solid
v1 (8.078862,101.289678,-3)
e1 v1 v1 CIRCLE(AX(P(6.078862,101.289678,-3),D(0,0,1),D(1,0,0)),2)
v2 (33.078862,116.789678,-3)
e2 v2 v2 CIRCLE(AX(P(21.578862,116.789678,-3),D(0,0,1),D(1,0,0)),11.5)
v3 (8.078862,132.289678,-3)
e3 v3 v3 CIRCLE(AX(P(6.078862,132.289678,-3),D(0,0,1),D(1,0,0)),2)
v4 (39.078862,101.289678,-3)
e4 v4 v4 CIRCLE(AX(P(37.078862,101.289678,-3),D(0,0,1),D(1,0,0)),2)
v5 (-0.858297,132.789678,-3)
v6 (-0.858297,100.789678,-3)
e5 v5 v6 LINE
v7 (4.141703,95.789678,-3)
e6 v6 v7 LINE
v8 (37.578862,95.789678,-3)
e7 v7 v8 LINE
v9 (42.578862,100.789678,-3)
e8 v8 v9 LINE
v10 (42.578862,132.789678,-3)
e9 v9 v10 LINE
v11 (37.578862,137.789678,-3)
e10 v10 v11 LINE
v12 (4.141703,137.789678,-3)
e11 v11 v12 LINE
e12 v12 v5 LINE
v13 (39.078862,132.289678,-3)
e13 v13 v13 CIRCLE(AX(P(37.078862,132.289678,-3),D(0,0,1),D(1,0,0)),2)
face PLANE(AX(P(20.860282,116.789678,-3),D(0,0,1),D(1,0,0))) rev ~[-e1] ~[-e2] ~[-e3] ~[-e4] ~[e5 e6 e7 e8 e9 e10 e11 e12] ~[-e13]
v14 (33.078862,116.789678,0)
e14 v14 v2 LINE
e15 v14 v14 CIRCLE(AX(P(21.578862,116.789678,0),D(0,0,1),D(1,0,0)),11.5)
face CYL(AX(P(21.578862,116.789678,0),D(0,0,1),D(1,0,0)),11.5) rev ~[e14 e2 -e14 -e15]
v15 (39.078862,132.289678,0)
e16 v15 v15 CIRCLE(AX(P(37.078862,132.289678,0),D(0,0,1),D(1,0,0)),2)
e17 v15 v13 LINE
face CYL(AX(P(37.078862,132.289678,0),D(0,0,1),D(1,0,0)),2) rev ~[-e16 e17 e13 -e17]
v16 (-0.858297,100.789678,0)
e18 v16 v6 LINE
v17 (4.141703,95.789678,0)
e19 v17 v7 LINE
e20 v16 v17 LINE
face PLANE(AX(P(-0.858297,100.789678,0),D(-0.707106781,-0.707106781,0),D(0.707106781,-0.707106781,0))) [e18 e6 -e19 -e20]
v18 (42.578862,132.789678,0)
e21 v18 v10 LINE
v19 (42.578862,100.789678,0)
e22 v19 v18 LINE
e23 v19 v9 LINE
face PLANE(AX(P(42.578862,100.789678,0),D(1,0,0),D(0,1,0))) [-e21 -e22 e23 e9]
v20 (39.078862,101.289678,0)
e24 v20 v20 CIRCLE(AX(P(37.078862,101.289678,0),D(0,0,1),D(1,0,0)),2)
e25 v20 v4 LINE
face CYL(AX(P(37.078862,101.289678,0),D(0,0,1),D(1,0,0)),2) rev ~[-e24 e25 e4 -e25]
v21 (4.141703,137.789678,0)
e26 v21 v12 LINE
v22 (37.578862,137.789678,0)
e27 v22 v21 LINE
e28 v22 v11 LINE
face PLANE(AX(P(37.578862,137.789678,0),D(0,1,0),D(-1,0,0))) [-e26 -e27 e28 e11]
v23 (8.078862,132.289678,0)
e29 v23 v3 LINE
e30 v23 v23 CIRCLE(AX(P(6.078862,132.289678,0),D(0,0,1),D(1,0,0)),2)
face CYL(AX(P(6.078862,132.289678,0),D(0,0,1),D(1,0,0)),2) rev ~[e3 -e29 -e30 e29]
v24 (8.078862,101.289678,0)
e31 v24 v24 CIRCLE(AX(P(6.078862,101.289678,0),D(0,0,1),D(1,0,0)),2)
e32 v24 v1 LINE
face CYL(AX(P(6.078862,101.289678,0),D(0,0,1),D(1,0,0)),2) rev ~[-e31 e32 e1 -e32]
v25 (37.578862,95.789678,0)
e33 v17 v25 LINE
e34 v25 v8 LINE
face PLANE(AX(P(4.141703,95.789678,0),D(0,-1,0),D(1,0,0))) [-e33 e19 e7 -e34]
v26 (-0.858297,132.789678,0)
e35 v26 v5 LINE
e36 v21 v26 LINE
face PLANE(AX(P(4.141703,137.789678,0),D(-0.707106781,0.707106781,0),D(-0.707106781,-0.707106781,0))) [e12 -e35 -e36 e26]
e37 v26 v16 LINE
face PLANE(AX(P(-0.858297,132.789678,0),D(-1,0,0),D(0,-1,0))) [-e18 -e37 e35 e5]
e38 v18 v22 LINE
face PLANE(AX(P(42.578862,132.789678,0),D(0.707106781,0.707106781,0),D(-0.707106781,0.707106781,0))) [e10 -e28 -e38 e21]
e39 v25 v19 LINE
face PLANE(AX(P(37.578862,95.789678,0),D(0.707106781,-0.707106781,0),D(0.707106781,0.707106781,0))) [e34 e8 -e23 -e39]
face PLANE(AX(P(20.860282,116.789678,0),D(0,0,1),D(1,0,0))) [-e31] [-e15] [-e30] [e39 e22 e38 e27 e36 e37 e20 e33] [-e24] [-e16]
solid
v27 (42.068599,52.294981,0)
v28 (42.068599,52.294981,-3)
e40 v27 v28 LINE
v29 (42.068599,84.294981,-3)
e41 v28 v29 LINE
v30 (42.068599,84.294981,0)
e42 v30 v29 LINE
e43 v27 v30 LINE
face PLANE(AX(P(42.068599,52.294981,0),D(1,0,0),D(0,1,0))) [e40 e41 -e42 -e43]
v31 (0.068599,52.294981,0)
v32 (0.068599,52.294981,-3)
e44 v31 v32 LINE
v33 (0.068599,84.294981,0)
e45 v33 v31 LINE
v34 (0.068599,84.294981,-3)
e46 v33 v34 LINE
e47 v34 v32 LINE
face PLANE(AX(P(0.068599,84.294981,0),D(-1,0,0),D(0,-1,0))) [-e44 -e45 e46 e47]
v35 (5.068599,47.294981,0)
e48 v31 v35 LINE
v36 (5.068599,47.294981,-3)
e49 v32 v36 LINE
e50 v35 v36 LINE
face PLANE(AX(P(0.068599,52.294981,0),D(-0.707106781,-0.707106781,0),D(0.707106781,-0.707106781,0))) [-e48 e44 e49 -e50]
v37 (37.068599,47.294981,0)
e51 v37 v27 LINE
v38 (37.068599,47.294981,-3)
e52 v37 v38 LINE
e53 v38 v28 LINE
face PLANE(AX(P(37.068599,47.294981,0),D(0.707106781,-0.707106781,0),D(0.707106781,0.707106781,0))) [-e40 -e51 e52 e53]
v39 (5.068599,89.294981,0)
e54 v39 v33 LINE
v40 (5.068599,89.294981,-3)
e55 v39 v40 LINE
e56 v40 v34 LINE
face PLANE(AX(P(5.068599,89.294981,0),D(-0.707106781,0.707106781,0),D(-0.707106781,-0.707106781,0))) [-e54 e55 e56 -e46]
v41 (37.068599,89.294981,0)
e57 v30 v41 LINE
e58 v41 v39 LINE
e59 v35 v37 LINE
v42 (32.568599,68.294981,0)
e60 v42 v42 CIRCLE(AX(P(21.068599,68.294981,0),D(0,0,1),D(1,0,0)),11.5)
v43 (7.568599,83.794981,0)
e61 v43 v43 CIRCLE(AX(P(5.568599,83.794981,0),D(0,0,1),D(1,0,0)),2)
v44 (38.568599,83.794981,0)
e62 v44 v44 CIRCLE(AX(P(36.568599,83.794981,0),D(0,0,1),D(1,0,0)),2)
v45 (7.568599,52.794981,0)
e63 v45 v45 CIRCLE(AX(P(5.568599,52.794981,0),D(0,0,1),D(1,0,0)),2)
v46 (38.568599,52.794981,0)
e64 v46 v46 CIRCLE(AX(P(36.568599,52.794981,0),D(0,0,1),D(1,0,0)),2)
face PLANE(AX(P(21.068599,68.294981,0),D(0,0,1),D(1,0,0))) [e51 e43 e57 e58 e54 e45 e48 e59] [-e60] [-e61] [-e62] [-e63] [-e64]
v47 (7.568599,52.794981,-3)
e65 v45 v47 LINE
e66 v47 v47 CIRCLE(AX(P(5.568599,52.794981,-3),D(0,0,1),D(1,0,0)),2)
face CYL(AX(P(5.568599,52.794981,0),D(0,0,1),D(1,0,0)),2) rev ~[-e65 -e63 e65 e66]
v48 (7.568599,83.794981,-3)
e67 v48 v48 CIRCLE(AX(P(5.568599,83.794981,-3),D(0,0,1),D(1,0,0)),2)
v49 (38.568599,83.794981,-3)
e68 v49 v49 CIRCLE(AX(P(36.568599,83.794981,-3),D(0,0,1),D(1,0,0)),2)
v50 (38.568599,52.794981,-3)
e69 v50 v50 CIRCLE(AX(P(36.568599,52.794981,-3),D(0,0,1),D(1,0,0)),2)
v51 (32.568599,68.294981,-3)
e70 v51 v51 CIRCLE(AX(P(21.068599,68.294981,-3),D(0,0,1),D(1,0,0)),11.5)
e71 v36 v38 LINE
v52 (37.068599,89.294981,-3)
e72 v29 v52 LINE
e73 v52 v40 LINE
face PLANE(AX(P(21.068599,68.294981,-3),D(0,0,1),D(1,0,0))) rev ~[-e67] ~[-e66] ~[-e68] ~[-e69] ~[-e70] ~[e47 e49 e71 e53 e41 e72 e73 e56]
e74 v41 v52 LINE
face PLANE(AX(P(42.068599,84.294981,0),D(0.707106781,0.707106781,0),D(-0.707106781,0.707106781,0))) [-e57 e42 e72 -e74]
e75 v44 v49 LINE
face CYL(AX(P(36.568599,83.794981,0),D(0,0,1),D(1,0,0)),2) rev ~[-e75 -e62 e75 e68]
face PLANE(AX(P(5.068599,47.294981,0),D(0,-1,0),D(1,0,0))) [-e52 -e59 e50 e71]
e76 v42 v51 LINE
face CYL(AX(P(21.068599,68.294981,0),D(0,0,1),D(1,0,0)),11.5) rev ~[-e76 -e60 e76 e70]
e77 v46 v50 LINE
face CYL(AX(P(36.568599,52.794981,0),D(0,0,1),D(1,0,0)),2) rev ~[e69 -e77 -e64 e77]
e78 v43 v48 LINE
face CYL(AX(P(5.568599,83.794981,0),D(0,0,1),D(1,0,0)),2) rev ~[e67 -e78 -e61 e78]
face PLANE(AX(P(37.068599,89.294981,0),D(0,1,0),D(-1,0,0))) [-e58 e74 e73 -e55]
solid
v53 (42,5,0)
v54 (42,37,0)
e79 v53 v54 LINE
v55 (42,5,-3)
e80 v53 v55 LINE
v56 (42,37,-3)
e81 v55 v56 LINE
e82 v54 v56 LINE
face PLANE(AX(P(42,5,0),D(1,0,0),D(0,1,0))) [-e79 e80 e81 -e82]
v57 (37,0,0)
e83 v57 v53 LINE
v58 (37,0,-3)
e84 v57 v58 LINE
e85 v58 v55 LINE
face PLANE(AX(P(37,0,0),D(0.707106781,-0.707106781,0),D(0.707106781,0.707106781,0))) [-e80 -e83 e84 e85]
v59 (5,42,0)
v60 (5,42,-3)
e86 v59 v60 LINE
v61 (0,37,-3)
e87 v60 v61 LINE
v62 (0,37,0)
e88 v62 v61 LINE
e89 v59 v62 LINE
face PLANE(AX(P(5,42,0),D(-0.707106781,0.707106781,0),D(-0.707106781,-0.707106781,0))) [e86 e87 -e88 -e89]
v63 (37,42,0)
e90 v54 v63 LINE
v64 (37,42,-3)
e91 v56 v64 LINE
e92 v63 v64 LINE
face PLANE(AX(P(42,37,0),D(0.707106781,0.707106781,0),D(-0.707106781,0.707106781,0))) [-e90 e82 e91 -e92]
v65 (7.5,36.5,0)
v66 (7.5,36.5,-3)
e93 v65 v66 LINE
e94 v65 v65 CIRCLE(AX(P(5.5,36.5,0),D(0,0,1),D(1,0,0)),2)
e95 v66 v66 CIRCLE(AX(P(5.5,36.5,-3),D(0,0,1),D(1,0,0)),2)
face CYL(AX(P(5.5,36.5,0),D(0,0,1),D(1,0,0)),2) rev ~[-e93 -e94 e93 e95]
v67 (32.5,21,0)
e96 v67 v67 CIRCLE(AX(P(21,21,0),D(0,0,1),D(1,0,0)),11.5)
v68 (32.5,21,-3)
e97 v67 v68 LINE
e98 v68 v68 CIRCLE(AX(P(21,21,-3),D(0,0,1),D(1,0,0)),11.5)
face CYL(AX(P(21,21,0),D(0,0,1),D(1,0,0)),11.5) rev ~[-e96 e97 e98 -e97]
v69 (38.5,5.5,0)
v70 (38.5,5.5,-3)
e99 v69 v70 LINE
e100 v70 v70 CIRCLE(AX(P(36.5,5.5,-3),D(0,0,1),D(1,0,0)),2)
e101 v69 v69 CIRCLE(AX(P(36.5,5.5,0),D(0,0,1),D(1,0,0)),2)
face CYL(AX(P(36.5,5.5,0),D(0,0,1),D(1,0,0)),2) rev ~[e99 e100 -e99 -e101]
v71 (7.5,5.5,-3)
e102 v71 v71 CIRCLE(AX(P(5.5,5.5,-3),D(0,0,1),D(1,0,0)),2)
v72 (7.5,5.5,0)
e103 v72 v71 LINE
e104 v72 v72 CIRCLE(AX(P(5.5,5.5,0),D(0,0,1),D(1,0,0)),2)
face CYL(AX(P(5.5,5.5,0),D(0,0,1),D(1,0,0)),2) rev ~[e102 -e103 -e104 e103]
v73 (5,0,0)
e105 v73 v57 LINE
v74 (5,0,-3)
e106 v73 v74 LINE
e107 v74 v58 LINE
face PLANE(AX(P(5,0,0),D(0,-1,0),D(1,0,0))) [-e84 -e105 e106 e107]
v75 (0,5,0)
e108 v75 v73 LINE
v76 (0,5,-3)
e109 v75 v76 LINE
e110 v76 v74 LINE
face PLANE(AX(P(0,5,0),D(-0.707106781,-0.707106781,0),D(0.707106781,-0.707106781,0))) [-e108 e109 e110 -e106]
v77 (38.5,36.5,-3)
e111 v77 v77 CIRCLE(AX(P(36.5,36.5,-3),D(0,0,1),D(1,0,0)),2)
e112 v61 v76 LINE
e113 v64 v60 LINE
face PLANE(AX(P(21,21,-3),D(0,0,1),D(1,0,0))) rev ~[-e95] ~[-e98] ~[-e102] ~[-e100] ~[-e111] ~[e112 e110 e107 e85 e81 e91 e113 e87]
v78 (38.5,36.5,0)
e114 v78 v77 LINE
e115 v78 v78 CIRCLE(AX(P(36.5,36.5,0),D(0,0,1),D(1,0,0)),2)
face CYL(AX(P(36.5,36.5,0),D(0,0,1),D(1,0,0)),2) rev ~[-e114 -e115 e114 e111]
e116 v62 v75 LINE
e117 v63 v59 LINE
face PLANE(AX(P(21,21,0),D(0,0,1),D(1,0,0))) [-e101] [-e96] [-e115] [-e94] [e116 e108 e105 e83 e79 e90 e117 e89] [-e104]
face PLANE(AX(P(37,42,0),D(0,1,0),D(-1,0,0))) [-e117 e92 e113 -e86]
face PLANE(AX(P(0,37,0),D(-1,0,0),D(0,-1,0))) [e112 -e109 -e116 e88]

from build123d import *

# Parameters (mm, degrees)
SCHIZZO1_R                     = 11.5
SCHIZZO1_R_2                   = 2
ESTRUSIONE_ESTRUSIONE1_DEPTH   = 3
ESTRUSIONE_ESTRUSIONE1_2_DEPTH = 3
ESTRUSIONE_ESTRUSIONE1_3_DEPTH = 3


with BuildPart() as part:
    # Schizzo1 → Estrusione-Estrusione1 (new body)
    with BuildSketch(Plane.XY):
        Polygon((5, 0), (37, 0), (42, 5), (42, 37), (37, 42), (5, 42), (0, 37), (0, 5), align=None)
        with Locations((21, 21)):
            Circle(SCHIZZO1_R, mode=Mode.SUBTRACT)
        with Locations((5.5, 36.5)):
            Circle(SCHIZZO1_R_2, mode=Mode.SUBTRACT)
        with Locations((5.5, 5.5)):
            Circle(SCHIZZO1_R_2, mode=Mode.SUBTRACT)
        with Locations((36.5, 5.5)):
            Circle(SCHIZZO1_R_2, mode=Mode.SUBTRACT)
        with Locations((36.5, 36.5)):
            Circle(SCHIZZO1_R_2, mode=Mode.SUBTRACT)
    extrude(amount=-ESTRUSIONE_ESTRUSIONE1_DEPTH)


with BuildPart() as body_2:
    # Schizzo1 → Estrusione-Estrusione1 2 (new body)
    with BuildSketch(Plane.XY):
        Polygon((5.068599414, 47.294981331), (37.068599414, 47.294981331), (42.068599414, 52.294981331), (42.068599414, 84.294981331), (37.068599414, 89.294981331), (5.068599414, 89.294981331), (0.068599414, 84.294981331), (0.068599414, 52.294981331), align=None)
        with Locations((21.068599414, 68.294981331)):
            Circle(SCHIZZO1_R, mode=Mode.SUBTRACT)
        with Locations((5.568599414, 83.794981331)):
            Circle(SCHIZZO1_R_2, mode=Mode.SUBTRACT)
        with Locations((5.568599414, 52.794981331)):
            Circle(SCHIZZO1_R_2, mode=Mode.SUBTRACT)
        with Locations((36.568599414, 52.794981331)):
            Circle(SCHIZZO1_R_2, mode=Mode.SUBTRACT)
        with Locations((36.568599414, 83.794981331)):
            Circle(SCHIZZO1_R_2, mode=Mode.SUBTRACT)
    extrude(amount=-ESTRUSIONE_ESTRUSIONE1_2_DEPTH)


with BuildPart() as body_3:
    # Schizzo1 → Estrusione-Estrusione1 3 (new body)
    with BuildSketch(Plane.XY):
        Polygon((4.141702834, 95.789678478), (37.578861826, 95.789678478), (42.578861826, 100.789678478), (42.578861826, 132.789678478), (37.578861826, 137.789678478), (4.141702834, 137.789678478), (-0.858297166, 132.789678478), (-0.858297166, 100.789678478), align=None)
        with Locations((21.578861826, 116.789678478)):
            Circle(SCHIZZO1_R, mode=Mode.SUBTRACT)
        with Locations((6.078861826, 132.289678478)):
            Circle(SCHIZZO1_R_2, mode=Mode.SUBTRACT)
        with Locations((6.078861826, 101.289678478)):
            Circle(SCHIZZO1_R_2, mode=Mode.SUBTRACT)
        with Locations((37.078861826, 101.289678478)):
            Circle(SCHIZZO1_R_2, mode=Mode.SUBTRACT)
        with Locations((37.078861826, 132.289678478)):
            Circle(SCHIZZO1_R_2, mode=Mode.SUBTRACT)
    extrude(amount=-ESTRUSIONE_ESTRUSIONE1_3_DEPTH)


solid = Compound([part.part, body_2.part, body_3.part])
